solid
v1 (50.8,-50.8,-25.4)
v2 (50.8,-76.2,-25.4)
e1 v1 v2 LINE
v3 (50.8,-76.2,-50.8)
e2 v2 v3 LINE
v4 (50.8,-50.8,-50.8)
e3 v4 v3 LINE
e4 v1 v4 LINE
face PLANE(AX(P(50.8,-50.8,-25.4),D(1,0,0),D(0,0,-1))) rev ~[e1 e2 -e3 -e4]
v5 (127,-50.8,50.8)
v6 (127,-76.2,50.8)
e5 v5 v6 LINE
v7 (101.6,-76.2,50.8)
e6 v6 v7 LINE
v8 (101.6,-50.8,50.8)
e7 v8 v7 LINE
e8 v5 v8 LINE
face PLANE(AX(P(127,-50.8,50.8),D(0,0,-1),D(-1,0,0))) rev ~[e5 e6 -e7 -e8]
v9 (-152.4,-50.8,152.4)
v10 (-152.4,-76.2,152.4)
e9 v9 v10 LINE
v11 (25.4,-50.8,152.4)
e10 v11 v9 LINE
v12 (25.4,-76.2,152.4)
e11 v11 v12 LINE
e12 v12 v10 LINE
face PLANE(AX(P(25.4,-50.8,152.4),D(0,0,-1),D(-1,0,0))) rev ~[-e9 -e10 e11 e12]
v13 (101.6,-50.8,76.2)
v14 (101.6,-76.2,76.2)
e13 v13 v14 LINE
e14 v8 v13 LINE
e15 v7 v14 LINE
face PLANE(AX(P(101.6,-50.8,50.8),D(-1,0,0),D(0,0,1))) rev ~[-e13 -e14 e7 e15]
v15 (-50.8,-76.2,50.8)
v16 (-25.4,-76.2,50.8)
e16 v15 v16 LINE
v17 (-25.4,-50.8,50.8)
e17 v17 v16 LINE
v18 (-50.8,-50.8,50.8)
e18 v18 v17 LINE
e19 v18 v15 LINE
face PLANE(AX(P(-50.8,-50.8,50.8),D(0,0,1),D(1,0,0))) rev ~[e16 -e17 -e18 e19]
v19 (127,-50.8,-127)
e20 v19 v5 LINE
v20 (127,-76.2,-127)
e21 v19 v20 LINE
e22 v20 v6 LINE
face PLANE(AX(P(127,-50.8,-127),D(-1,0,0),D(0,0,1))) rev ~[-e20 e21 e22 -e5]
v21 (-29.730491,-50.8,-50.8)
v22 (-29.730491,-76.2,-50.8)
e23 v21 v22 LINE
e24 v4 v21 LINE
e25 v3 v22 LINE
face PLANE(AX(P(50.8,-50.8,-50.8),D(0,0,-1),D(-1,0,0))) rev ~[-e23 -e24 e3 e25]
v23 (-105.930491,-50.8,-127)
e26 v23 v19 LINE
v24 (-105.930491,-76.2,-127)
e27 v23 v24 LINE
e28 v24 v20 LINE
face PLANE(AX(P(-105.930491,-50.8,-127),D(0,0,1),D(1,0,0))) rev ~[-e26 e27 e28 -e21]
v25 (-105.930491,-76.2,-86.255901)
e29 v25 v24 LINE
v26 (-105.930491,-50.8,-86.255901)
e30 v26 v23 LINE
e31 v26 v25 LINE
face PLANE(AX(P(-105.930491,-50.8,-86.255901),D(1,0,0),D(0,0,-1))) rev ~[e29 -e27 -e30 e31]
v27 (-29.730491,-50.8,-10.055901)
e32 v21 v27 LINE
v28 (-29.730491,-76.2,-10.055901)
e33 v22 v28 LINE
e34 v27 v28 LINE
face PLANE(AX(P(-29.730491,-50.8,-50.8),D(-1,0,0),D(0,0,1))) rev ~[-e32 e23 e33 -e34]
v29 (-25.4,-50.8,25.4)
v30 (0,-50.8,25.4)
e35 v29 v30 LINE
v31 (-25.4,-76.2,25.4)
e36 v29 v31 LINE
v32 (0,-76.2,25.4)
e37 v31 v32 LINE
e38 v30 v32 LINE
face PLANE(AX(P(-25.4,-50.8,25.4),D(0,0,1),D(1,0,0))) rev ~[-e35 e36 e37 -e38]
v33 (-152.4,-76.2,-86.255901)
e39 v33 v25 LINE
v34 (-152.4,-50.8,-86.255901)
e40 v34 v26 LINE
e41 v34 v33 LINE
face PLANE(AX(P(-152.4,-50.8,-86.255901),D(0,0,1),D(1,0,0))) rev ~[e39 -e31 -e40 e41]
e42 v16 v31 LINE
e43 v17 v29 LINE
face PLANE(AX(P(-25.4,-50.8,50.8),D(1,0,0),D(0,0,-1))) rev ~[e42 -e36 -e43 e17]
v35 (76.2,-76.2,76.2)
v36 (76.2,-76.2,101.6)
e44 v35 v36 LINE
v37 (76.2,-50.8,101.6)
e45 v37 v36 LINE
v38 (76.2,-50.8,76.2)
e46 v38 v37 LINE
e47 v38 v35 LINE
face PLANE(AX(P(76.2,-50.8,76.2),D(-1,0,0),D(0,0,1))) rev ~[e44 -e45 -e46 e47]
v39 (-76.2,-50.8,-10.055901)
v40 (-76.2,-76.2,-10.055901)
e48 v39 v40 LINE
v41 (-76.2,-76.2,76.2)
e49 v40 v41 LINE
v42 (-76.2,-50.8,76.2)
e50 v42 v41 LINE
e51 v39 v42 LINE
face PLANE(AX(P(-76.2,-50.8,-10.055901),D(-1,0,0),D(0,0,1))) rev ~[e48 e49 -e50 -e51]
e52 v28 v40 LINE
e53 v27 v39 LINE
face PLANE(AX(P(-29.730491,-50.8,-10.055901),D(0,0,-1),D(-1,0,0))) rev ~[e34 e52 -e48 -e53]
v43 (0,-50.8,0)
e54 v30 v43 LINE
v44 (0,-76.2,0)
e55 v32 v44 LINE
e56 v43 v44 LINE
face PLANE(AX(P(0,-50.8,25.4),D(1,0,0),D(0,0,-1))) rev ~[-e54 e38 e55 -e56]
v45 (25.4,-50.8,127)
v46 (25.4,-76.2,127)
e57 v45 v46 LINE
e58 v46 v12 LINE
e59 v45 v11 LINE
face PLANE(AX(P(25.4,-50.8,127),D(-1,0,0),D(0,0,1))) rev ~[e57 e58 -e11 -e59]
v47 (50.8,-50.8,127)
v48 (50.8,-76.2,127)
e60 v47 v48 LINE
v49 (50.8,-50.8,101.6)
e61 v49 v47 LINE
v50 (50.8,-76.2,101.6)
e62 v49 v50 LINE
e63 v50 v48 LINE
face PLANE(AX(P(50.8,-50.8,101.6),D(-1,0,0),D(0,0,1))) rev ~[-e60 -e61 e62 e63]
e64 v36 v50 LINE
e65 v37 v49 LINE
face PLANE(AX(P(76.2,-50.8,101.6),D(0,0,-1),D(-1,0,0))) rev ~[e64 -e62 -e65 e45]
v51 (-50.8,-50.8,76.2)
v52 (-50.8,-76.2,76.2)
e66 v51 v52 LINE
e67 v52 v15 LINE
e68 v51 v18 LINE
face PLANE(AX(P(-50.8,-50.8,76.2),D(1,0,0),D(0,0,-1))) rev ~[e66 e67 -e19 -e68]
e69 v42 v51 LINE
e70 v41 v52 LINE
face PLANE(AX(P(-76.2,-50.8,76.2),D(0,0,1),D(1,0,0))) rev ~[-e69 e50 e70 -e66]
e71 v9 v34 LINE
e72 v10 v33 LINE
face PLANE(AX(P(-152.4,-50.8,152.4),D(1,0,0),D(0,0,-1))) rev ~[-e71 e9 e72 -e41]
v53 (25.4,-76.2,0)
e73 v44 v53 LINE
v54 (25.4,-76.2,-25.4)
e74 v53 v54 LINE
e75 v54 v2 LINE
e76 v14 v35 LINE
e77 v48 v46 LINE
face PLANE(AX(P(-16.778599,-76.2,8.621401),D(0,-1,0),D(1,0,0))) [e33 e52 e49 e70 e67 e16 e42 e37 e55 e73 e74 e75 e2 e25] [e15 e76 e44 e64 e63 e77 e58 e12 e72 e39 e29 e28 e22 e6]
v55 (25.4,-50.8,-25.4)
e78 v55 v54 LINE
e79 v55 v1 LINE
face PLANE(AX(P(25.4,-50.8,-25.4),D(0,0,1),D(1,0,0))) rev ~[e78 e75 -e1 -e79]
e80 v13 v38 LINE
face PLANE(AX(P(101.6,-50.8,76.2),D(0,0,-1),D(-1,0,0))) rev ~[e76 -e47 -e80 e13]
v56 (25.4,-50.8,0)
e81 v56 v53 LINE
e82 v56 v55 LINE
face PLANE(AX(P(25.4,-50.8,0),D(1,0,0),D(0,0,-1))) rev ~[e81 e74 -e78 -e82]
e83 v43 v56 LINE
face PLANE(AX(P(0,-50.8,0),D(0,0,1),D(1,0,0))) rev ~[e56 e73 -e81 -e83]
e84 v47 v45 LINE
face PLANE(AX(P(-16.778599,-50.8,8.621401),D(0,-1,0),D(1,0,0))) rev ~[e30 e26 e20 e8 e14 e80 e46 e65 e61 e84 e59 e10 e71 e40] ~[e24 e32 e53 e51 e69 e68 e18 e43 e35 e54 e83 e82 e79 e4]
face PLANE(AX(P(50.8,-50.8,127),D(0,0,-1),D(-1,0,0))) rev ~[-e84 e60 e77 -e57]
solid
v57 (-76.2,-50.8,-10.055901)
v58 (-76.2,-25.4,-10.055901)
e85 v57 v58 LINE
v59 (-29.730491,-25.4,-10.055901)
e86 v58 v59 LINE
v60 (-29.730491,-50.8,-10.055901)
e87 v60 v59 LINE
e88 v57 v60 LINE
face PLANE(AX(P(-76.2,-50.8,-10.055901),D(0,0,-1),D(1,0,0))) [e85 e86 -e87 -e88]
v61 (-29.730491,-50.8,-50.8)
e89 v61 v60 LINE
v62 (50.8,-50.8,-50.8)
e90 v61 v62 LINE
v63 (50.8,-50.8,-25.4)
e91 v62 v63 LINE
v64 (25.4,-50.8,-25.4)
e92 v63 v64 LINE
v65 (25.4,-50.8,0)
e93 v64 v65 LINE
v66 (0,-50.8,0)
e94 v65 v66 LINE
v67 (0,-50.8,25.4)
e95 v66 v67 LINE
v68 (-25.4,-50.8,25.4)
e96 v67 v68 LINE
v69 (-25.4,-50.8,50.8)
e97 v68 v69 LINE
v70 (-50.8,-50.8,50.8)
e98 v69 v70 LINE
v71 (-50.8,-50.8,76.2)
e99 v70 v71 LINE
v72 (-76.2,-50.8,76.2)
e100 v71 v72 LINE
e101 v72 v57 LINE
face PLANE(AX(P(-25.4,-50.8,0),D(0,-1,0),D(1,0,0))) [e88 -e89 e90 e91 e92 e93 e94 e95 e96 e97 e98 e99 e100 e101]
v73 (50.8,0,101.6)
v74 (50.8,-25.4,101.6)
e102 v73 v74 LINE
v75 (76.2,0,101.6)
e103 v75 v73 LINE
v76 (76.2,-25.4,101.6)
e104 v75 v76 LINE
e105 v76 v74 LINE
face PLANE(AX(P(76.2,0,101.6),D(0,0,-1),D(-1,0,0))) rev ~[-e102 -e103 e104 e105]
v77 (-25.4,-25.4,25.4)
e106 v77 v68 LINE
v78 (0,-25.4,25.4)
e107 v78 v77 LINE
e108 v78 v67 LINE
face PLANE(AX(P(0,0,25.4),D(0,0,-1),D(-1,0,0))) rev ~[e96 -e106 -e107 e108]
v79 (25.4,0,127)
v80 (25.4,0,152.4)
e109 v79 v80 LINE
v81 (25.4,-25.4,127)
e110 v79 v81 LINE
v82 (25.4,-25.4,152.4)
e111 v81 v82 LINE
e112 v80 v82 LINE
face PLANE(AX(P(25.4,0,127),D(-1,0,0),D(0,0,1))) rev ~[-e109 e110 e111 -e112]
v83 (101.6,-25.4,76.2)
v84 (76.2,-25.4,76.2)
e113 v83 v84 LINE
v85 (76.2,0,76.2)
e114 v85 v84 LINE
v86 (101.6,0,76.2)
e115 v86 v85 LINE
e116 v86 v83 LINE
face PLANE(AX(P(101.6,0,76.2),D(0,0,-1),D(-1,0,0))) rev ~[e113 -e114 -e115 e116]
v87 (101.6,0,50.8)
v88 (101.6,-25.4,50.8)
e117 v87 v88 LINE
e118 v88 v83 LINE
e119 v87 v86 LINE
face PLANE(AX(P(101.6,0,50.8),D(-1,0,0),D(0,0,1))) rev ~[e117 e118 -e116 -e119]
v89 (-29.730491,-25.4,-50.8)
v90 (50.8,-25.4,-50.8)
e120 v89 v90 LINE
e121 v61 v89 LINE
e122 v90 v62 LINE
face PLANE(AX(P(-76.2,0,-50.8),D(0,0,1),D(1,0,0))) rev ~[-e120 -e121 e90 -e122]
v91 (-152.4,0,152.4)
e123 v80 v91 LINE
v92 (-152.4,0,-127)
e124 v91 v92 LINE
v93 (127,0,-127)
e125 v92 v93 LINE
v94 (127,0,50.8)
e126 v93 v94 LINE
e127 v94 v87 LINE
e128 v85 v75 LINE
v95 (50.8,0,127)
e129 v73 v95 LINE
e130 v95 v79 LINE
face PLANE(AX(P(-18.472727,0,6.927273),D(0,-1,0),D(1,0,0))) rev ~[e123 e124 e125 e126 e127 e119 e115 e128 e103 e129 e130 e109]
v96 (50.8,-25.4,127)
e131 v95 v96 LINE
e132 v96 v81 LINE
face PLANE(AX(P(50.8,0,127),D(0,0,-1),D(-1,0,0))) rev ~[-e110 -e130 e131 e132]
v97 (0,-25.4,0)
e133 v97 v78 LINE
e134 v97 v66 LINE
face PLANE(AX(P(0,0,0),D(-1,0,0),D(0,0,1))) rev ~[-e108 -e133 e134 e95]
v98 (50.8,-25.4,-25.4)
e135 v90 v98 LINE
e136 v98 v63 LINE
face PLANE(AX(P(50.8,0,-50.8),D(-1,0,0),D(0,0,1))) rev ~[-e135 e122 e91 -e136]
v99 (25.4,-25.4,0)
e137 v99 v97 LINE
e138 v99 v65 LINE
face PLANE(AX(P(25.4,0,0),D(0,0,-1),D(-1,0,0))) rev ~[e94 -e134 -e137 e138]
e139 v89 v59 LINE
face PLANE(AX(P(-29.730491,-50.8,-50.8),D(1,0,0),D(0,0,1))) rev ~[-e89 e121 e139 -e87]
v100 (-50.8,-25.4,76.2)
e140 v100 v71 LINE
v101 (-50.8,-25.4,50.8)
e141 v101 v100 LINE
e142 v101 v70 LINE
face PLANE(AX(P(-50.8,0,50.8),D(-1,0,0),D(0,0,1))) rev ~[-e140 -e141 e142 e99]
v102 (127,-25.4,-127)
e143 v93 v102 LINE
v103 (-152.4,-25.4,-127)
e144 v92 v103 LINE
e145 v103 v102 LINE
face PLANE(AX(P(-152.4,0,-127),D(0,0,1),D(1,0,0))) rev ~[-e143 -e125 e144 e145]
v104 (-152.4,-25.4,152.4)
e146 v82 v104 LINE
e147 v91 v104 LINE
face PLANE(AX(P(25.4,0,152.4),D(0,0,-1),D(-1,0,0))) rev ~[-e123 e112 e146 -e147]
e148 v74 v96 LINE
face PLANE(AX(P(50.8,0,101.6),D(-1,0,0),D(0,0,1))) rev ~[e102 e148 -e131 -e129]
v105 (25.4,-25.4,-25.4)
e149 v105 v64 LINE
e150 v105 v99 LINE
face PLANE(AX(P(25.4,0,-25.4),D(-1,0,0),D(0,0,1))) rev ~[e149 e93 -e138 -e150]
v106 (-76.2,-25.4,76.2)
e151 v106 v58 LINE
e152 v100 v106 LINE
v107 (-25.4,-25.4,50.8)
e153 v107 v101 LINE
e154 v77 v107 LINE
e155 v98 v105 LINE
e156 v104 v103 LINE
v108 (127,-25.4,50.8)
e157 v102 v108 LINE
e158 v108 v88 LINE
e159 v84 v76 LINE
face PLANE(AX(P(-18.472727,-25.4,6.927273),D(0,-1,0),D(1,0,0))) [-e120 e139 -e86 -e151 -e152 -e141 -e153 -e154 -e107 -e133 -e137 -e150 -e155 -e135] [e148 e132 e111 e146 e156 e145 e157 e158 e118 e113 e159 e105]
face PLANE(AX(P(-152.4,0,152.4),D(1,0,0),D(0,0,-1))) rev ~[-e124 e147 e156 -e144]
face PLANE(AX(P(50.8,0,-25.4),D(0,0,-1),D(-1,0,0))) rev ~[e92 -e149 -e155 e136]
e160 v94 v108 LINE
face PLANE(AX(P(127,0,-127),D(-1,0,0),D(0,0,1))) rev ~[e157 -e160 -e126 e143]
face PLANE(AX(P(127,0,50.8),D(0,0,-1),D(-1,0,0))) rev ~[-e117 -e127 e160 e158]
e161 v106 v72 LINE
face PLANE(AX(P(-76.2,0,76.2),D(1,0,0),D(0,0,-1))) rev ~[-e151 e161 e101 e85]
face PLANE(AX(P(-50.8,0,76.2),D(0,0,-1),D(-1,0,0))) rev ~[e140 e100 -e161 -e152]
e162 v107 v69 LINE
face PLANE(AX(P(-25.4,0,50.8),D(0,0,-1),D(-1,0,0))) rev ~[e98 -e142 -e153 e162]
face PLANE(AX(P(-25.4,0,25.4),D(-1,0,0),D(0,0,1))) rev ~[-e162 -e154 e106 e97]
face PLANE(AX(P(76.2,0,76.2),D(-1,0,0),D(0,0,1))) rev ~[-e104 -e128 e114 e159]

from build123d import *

# Parameters (mm, degrees)
F1_DEPTH = 50.8
F2_W     = 46.4695086598
F2_H     = 40.7440985173
F3_DEPTH = 25.4
F5_DEPTH = 25.4
F7_DEPTH = 25.4


with BuildPart() as f1:
    # F0 (on Front) → F1 (new body)
    with BuildSketch(Plane.XZ):
        Polygon((-50.8, 76.2), (-76.2, 76.2), (-76.2, -50.8), (50.8, -50.8), (50.8, -25.4), (25.4, -25.4), (25.4, 0), (0, 0), (0, 25.4), (-25.4, 25.4), (-25.4, 50.8), (-50.8, 50.8), (-50.8, 67.4914264514), align=None)
    extrude(amount=F1_DEPTH)

    # F2 (on face) → F3 (cut)
    with BuildSketch(Plane.XZ.offset(50.8)):
        with Locations((-52.9652456701, -30.4279507414)):
            Rectangle(F2_W, F2_H)
    extrude(amount=-F3_DEPTH, mode=Mode.SUBTRACT)

    # F4 (on face) → F5 (join)
    with BuildSketch(Plane.XZ):
        Polygon((76.2, 101.6), (50.8, 101.6), (50.8, 127), (25.4, 127), (25.4, 152.4), (-152.4, 152.4), (-152.4, -127), (127, -127), (127, 50.8), (101.6, 50.8), (101.6, 76.2), (76.2, 76.2), align=None)
        Polygon((-76.2, 76.2), (-50.8, 76.2), (-50.8, 67.4914264514), (-50.8, 50.8), (-25.4, 50.8), (-25.4, 25.4), (0, 25.4), (0, 0), (25.4, 0), (25.4, -25.4), (50.8, -25.4), (50.8, -50.8), (-76.2, -50.8), align=None, mode=Mode.SUBTRACT)
        Polygon((76.2, 101.6), (50.8, 101.6), (50.8, 127), (25.4, 127), (25.4, 152.4), (-152.4, 152.4), (-152.4, -127), (127, -127), (127, 50.8), (101.6, 50.8), (101.6, 76.2), (76.2, 76.2), align=None)
    extrude(amount=F5_DEPTH)


with BuildPart() as f7:
    # F6 (on face) → F7 (new body)
    with BuildSketch(Plane.XZ.offset(50.8)):
        Polygon((25.4, 152.4), (-152.4, 152.4), (-152.4, -86.2559014827), (-105.9304913402, -86.2559014827), (-105.9304913402, -127), (127, -127), (127, 50.8), (101.6, 50.8), (101.6, 76.2), (76.2, 76.2), (76.2, 101.6), (50.8, 101.6), (50.8, 127), (25.4, 127), align=None)
        Polygon((-50.8, 76.2), (-50.8, 50.8), (-25.4, 50.8), (-25.4, 25.4), (0, 25.4), (0, 0), (25.4, 0), (25.4, -25.4), (50.8, -25.4), (50.8, -50.8), (-29.7304913402, -50.8), (-29.7304913402, -10.0559014827), (-76.2, -10.0559014827), (-76.2, 76.2), align=None, mode=Mode.SUBTRACT)
    extrude(amount=F7_DEPTH)


solid = Compound([f1.part, f7.part])
